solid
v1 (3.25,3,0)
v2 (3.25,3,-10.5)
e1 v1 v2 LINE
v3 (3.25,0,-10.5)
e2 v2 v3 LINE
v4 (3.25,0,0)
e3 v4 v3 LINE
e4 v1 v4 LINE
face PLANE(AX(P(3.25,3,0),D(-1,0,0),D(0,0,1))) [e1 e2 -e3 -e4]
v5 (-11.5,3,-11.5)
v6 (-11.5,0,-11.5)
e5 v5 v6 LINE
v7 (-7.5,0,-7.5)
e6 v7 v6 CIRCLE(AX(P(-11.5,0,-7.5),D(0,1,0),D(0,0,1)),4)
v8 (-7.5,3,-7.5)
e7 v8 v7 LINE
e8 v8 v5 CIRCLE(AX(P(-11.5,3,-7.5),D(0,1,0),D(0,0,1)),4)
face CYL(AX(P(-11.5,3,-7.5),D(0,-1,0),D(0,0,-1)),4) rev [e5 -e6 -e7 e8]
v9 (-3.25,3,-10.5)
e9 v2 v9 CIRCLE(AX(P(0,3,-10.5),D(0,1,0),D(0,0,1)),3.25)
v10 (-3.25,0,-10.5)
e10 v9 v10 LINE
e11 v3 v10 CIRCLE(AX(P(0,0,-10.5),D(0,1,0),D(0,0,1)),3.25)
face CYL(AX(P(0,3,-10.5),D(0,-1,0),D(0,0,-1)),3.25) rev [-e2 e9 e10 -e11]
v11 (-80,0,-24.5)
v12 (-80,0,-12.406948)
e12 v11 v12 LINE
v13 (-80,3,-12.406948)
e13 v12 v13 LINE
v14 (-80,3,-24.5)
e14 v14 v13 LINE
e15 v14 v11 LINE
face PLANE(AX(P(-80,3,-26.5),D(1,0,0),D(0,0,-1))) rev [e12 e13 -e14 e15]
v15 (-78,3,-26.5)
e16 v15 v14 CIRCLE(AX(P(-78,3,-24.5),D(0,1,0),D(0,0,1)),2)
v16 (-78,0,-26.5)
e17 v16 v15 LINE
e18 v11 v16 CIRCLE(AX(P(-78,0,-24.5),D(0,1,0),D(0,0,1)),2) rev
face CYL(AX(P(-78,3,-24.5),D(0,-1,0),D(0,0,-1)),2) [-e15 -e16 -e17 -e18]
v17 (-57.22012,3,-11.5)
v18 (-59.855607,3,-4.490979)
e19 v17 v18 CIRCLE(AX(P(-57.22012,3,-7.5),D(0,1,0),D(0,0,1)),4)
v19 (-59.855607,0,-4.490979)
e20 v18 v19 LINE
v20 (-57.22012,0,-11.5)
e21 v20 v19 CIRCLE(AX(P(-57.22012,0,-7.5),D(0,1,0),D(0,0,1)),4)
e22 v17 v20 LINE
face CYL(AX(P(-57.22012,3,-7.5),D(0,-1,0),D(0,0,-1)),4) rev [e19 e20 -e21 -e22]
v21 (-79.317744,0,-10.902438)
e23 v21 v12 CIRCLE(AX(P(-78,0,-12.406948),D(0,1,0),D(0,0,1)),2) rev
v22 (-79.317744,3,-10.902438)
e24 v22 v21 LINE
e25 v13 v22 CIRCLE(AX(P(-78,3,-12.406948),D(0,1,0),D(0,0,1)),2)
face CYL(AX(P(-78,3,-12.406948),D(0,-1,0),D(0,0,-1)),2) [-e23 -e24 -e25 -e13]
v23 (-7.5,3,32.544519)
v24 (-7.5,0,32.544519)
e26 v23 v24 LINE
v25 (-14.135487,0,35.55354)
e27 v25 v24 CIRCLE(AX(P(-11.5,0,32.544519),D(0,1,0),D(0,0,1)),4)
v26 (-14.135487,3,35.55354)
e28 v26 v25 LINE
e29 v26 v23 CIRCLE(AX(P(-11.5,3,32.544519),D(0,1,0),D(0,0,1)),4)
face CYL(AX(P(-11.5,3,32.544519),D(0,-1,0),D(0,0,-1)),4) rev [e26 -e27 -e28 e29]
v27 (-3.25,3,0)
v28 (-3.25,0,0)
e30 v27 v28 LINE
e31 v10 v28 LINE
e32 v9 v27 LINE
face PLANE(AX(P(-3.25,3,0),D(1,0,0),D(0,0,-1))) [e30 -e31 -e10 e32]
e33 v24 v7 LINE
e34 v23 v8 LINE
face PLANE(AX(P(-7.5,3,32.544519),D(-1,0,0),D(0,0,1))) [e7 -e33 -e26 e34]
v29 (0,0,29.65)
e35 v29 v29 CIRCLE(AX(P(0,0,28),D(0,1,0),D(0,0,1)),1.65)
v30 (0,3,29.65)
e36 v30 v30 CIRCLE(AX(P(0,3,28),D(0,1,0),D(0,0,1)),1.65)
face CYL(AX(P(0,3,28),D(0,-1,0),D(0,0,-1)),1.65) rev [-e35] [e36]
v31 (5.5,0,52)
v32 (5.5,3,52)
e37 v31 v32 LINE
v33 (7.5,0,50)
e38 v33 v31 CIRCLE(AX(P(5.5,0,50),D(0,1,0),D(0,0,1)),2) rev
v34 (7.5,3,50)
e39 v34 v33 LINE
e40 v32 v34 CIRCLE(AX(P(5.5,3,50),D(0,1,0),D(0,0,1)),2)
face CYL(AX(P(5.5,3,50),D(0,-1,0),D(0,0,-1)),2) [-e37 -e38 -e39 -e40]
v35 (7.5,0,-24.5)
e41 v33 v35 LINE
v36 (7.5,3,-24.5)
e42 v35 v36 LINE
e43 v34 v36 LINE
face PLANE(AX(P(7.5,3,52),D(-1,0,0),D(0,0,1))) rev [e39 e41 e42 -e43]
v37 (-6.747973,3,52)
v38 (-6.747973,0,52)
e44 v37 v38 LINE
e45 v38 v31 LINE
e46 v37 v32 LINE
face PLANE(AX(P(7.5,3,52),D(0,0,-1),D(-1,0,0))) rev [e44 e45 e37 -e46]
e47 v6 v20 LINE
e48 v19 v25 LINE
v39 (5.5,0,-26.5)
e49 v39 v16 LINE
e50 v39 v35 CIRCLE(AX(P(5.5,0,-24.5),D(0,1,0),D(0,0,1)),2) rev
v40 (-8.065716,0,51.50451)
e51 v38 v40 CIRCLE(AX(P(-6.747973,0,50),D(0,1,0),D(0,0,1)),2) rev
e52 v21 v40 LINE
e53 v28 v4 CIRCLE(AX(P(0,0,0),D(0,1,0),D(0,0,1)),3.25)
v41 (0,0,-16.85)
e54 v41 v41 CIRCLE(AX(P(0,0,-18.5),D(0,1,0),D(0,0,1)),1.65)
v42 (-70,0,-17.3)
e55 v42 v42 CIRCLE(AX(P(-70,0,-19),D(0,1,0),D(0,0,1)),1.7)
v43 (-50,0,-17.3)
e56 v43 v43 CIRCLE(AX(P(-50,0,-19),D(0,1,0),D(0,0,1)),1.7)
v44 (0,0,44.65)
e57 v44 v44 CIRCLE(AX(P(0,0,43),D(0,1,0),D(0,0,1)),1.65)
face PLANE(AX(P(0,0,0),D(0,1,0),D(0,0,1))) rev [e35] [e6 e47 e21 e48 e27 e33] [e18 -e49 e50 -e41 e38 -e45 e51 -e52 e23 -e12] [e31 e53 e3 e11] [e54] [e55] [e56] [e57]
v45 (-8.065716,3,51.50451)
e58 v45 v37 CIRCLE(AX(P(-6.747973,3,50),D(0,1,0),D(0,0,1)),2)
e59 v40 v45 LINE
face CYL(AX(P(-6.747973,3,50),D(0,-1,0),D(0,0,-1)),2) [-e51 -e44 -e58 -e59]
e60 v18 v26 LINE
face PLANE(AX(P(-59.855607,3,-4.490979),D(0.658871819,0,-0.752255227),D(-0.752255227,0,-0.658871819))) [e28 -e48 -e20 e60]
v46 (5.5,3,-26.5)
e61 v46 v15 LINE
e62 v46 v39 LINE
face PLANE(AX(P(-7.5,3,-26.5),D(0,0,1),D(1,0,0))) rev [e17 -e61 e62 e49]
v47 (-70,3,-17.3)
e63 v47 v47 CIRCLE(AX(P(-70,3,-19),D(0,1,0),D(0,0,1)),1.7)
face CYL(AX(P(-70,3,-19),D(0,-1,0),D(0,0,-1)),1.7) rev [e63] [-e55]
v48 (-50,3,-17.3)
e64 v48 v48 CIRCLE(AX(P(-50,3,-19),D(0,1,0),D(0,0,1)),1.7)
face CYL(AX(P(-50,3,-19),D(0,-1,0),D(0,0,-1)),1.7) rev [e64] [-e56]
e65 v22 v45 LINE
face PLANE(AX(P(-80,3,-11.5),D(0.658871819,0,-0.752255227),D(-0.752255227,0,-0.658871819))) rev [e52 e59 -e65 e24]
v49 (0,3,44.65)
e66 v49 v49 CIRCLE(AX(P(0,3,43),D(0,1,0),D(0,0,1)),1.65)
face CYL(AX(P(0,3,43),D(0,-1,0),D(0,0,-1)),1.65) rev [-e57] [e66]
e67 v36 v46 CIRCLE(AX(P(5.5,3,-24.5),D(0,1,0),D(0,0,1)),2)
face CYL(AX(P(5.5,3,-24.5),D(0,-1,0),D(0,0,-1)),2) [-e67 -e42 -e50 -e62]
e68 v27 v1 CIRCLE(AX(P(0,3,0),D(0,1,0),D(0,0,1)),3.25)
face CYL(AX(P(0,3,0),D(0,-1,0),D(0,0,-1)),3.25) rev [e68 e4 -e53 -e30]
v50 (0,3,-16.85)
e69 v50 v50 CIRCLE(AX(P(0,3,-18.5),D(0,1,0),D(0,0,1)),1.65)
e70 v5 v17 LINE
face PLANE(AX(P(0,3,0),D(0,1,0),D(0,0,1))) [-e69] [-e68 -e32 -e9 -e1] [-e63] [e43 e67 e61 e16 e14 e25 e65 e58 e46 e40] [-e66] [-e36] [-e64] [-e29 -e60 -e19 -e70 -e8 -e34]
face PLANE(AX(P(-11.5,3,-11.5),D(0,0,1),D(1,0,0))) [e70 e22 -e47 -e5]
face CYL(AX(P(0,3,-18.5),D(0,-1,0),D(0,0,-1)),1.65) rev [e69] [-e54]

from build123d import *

# Parameters (mm, degrees)
SKETCH_1_R      = 1.65
SKETCH_1_R_2    = 1.7
EXTRUDE_1_DEPTH = 3
FILLET_1_R      = 2


with BuildPart() as part:
    # 草图1 → 凸台-拉伸1 (new body)
    with BuildSketch(Plane(origin=(0, 0, 0), x_dir=(1, 0, 0), z_dir=(0, 1, 0))):
        Polygon((-80, 11.5), (-7.5, -52), (7.5, -52), (7.5, 26.5), (-7.5, 26.5), (-80, 26.5), align=None)
        with Locations(Location((0, 18.5, 0), (0, 0, 270))):
            Circle(SKETCH_1_R, mode=Mode.SUBTRACT)
        with Locations(Location((0, -28, 0), (0, 0, 270))):
            Circle(SKETCH_1_R, mode=Mode.SUBTRACT)
        with Locations(Location((0, -43, 0), (0, 0, 270))):
            Circle(SKETCH_1_R, mode=Mode.SUBTRACT)
        with Locations(Location((-70, 19, 0), (0, 0, 270))):
            Circle(SKETCH_1_R_2, mode=Mode.SUBTRACT)
        with Locations(Location((-50, 19, 0), (0, 0, 270))):
            Circle(SKETCH_1_R_2, mode=Mode.SUBTRACT)
        with BuildLine():
            Line((-3.25, 0), (-3.25, 10.5))
            ThreePointArc((-3.25, 10.5), (0, 13.75), (3.25, 10.5))
            Line((3.25, 10.5), (3.25, 0))
            ThreePointArc((3.25, 0), (0, -3.25), (-3.25, 0))
        make_face(mode=Mode.SUBTRACT)
        with BuildLine():
            Line((-7.5, -32.544518989), (-7.5, 7.5))
            ThreePointArc((-7.5, 7.5), (-8.671572875, 10.328427125), (-11.5, 11.5))
            Line((-11.5, 11.5), (-57.220120105, 11.5))
            ThreePointArc((-57.220120105, 11.5), (-60.964187654, 8.907820368), (-59.855607382, 4.490979094))
            Line((-59.855607382, 4.490979094), (-14.135487277, -35.553539895))
            ThreePointArc((-14.135487277, -35.553539895), (-9.848023775, -36.18745387), (-7.5, -32.544518989))
        make_face(mode=Mode.SUBTRACT)
    extrude(amount=EXTRUDE_1_DEPTH)

    # 圆角1
    fillet_1_edges = [part.edges().sort_by_distance(p)[0] for p in [
        (7.5, 1.5, 52),
        (-7.5, 1.5, 52),
        (-80, 1.5, -11.5),
        (-80, 1.5, -26.5),
        (7.5, 1.5, -26.5),
    ]]
    fillet(fillet_1_edges, radius=FILLET_1_R)


solid = part.part
